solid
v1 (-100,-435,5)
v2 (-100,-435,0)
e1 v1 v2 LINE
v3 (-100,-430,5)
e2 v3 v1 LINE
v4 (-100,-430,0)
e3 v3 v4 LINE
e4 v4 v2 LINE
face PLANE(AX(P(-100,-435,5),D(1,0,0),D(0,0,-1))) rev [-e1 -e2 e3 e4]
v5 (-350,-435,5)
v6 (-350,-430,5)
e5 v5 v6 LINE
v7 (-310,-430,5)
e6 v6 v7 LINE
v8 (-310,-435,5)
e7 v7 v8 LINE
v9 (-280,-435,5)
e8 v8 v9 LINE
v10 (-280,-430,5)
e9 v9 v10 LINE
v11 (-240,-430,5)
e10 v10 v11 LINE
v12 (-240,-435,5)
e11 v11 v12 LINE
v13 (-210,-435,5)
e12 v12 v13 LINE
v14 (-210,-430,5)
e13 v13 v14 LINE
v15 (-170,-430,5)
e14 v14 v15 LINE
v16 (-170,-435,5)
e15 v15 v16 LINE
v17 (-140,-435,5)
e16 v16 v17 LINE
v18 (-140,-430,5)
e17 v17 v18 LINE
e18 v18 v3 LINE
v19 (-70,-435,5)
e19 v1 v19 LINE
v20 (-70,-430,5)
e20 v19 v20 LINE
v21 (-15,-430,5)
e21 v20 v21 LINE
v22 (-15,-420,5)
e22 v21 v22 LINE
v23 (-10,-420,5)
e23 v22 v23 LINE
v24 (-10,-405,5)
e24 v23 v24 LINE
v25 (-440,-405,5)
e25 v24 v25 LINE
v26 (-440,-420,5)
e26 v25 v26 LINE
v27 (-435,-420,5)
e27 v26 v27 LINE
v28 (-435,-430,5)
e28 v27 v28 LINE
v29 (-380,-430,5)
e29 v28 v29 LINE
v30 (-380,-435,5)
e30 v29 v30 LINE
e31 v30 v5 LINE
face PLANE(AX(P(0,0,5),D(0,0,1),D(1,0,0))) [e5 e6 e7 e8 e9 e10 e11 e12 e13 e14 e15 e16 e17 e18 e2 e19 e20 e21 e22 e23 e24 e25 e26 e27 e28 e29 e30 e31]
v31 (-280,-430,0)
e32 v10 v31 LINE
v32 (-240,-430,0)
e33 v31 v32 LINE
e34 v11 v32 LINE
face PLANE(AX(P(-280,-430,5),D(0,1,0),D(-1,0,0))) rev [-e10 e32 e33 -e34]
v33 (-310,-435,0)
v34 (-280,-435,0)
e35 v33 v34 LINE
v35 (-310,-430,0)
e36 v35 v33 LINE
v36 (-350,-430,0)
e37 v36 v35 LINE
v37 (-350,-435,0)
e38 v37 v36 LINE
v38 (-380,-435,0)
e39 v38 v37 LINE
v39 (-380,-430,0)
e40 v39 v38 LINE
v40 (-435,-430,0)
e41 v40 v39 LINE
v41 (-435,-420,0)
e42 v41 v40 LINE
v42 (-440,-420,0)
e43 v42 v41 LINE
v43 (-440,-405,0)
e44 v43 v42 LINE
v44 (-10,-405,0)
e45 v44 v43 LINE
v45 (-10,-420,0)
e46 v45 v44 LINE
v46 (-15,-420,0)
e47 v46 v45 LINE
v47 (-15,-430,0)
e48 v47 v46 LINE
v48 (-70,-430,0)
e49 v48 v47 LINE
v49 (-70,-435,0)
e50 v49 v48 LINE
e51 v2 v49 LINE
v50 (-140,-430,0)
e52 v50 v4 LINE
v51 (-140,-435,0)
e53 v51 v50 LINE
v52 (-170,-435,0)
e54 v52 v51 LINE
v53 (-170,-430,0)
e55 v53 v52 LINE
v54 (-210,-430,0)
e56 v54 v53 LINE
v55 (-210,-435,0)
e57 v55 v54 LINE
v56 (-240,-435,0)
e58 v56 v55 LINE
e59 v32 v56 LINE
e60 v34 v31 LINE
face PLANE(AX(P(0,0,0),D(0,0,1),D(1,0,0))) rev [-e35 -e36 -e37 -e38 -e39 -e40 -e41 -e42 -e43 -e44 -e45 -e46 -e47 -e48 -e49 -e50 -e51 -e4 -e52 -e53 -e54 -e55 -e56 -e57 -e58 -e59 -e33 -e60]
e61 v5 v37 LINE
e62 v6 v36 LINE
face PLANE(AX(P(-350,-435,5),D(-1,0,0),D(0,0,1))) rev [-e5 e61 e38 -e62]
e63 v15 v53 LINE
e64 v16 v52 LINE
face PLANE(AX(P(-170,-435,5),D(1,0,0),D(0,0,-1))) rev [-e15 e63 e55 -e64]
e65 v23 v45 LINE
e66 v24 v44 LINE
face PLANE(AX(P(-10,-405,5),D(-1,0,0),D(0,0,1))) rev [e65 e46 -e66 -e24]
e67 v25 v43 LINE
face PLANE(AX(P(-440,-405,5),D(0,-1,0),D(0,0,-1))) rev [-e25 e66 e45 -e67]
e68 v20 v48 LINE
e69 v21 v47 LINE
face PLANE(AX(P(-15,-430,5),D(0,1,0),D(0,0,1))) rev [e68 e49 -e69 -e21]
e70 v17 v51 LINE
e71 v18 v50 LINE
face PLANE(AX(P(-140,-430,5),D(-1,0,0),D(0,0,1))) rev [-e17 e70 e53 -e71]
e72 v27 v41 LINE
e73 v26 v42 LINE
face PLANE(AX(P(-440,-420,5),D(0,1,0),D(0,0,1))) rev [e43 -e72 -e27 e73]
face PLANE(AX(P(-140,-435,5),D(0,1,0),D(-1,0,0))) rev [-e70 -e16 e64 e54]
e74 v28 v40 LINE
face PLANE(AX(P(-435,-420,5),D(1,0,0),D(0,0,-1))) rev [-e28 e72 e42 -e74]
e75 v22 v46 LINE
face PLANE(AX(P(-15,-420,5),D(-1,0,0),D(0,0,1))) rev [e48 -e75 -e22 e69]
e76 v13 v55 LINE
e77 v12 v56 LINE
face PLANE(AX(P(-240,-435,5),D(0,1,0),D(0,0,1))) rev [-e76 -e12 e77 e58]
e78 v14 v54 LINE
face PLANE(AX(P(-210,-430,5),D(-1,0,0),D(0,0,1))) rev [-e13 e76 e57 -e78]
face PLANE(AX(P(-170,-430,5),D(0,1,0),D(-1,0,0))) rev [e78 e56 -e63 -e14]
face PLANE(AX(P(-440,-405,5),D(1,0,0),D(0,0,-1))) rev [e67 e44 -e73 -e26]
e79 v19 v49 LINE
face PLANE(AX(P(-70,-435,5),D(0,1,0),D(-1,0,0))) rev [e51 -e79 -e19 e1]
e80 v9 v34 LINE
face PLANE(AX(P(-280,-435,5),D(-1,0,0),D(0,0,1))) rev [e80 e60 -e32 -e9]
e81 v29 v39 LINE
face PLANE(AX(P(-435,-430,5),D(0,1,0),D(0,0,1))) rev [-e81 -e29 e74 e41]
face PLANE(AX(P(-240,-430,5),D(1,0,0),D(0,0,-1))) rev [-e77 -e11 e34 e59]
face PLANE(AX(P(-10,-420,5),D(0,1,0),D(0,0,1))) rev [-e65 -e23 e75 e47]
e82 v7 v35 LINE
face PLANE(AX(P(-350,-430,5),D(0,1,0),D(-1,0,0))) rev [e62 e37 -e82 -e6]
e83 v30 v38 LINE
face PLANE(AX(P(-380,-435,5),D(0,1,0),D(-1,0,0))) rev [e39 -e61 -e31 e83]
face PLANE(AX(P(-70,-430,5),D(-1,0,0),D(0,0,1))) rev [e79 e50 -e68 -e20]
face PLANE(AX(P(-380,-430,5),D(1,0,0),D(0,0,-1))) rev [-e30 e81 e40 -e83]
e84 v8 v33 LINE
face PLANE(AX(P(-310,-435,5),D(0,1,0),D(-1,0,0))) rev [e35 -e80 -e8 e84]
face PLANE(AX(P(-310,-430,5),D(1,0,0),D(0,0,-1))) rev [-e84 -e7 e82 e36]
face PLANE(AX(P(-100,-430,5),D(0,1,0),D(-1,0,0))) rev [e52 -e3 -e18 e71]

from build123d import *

# Parameters (mm, degrees)
BOSS_EXTRUDE1_DEPTH = 5


with BuildPart() as part:
    # Sketch1 → Boss-Extrude1 (new body)
    with BuildSketch(Plane.XY):
        Polygon((-435, -420), (-435, -430), (-380, -430), (-380, -435), (-350, -435), (-350, -430), (-310, -430), (-310, -435), (-280, -435), (-280, -430), (-240, -430), (-240, -435), (-210, -435), (-210, -430), (-170, -430), (-170, -435), (-140, -435), (-140, -430), (-100, -430), (-100, -435), (-70, -435), (-70, -430), (-15, -430), (-15, -420), (-10, -420), (-10, -405), (-440, -405), (-440, -420), align=None)
    extrude(amount=BOSS_EXTRUDE1_DEPTH)


solid = part.part
